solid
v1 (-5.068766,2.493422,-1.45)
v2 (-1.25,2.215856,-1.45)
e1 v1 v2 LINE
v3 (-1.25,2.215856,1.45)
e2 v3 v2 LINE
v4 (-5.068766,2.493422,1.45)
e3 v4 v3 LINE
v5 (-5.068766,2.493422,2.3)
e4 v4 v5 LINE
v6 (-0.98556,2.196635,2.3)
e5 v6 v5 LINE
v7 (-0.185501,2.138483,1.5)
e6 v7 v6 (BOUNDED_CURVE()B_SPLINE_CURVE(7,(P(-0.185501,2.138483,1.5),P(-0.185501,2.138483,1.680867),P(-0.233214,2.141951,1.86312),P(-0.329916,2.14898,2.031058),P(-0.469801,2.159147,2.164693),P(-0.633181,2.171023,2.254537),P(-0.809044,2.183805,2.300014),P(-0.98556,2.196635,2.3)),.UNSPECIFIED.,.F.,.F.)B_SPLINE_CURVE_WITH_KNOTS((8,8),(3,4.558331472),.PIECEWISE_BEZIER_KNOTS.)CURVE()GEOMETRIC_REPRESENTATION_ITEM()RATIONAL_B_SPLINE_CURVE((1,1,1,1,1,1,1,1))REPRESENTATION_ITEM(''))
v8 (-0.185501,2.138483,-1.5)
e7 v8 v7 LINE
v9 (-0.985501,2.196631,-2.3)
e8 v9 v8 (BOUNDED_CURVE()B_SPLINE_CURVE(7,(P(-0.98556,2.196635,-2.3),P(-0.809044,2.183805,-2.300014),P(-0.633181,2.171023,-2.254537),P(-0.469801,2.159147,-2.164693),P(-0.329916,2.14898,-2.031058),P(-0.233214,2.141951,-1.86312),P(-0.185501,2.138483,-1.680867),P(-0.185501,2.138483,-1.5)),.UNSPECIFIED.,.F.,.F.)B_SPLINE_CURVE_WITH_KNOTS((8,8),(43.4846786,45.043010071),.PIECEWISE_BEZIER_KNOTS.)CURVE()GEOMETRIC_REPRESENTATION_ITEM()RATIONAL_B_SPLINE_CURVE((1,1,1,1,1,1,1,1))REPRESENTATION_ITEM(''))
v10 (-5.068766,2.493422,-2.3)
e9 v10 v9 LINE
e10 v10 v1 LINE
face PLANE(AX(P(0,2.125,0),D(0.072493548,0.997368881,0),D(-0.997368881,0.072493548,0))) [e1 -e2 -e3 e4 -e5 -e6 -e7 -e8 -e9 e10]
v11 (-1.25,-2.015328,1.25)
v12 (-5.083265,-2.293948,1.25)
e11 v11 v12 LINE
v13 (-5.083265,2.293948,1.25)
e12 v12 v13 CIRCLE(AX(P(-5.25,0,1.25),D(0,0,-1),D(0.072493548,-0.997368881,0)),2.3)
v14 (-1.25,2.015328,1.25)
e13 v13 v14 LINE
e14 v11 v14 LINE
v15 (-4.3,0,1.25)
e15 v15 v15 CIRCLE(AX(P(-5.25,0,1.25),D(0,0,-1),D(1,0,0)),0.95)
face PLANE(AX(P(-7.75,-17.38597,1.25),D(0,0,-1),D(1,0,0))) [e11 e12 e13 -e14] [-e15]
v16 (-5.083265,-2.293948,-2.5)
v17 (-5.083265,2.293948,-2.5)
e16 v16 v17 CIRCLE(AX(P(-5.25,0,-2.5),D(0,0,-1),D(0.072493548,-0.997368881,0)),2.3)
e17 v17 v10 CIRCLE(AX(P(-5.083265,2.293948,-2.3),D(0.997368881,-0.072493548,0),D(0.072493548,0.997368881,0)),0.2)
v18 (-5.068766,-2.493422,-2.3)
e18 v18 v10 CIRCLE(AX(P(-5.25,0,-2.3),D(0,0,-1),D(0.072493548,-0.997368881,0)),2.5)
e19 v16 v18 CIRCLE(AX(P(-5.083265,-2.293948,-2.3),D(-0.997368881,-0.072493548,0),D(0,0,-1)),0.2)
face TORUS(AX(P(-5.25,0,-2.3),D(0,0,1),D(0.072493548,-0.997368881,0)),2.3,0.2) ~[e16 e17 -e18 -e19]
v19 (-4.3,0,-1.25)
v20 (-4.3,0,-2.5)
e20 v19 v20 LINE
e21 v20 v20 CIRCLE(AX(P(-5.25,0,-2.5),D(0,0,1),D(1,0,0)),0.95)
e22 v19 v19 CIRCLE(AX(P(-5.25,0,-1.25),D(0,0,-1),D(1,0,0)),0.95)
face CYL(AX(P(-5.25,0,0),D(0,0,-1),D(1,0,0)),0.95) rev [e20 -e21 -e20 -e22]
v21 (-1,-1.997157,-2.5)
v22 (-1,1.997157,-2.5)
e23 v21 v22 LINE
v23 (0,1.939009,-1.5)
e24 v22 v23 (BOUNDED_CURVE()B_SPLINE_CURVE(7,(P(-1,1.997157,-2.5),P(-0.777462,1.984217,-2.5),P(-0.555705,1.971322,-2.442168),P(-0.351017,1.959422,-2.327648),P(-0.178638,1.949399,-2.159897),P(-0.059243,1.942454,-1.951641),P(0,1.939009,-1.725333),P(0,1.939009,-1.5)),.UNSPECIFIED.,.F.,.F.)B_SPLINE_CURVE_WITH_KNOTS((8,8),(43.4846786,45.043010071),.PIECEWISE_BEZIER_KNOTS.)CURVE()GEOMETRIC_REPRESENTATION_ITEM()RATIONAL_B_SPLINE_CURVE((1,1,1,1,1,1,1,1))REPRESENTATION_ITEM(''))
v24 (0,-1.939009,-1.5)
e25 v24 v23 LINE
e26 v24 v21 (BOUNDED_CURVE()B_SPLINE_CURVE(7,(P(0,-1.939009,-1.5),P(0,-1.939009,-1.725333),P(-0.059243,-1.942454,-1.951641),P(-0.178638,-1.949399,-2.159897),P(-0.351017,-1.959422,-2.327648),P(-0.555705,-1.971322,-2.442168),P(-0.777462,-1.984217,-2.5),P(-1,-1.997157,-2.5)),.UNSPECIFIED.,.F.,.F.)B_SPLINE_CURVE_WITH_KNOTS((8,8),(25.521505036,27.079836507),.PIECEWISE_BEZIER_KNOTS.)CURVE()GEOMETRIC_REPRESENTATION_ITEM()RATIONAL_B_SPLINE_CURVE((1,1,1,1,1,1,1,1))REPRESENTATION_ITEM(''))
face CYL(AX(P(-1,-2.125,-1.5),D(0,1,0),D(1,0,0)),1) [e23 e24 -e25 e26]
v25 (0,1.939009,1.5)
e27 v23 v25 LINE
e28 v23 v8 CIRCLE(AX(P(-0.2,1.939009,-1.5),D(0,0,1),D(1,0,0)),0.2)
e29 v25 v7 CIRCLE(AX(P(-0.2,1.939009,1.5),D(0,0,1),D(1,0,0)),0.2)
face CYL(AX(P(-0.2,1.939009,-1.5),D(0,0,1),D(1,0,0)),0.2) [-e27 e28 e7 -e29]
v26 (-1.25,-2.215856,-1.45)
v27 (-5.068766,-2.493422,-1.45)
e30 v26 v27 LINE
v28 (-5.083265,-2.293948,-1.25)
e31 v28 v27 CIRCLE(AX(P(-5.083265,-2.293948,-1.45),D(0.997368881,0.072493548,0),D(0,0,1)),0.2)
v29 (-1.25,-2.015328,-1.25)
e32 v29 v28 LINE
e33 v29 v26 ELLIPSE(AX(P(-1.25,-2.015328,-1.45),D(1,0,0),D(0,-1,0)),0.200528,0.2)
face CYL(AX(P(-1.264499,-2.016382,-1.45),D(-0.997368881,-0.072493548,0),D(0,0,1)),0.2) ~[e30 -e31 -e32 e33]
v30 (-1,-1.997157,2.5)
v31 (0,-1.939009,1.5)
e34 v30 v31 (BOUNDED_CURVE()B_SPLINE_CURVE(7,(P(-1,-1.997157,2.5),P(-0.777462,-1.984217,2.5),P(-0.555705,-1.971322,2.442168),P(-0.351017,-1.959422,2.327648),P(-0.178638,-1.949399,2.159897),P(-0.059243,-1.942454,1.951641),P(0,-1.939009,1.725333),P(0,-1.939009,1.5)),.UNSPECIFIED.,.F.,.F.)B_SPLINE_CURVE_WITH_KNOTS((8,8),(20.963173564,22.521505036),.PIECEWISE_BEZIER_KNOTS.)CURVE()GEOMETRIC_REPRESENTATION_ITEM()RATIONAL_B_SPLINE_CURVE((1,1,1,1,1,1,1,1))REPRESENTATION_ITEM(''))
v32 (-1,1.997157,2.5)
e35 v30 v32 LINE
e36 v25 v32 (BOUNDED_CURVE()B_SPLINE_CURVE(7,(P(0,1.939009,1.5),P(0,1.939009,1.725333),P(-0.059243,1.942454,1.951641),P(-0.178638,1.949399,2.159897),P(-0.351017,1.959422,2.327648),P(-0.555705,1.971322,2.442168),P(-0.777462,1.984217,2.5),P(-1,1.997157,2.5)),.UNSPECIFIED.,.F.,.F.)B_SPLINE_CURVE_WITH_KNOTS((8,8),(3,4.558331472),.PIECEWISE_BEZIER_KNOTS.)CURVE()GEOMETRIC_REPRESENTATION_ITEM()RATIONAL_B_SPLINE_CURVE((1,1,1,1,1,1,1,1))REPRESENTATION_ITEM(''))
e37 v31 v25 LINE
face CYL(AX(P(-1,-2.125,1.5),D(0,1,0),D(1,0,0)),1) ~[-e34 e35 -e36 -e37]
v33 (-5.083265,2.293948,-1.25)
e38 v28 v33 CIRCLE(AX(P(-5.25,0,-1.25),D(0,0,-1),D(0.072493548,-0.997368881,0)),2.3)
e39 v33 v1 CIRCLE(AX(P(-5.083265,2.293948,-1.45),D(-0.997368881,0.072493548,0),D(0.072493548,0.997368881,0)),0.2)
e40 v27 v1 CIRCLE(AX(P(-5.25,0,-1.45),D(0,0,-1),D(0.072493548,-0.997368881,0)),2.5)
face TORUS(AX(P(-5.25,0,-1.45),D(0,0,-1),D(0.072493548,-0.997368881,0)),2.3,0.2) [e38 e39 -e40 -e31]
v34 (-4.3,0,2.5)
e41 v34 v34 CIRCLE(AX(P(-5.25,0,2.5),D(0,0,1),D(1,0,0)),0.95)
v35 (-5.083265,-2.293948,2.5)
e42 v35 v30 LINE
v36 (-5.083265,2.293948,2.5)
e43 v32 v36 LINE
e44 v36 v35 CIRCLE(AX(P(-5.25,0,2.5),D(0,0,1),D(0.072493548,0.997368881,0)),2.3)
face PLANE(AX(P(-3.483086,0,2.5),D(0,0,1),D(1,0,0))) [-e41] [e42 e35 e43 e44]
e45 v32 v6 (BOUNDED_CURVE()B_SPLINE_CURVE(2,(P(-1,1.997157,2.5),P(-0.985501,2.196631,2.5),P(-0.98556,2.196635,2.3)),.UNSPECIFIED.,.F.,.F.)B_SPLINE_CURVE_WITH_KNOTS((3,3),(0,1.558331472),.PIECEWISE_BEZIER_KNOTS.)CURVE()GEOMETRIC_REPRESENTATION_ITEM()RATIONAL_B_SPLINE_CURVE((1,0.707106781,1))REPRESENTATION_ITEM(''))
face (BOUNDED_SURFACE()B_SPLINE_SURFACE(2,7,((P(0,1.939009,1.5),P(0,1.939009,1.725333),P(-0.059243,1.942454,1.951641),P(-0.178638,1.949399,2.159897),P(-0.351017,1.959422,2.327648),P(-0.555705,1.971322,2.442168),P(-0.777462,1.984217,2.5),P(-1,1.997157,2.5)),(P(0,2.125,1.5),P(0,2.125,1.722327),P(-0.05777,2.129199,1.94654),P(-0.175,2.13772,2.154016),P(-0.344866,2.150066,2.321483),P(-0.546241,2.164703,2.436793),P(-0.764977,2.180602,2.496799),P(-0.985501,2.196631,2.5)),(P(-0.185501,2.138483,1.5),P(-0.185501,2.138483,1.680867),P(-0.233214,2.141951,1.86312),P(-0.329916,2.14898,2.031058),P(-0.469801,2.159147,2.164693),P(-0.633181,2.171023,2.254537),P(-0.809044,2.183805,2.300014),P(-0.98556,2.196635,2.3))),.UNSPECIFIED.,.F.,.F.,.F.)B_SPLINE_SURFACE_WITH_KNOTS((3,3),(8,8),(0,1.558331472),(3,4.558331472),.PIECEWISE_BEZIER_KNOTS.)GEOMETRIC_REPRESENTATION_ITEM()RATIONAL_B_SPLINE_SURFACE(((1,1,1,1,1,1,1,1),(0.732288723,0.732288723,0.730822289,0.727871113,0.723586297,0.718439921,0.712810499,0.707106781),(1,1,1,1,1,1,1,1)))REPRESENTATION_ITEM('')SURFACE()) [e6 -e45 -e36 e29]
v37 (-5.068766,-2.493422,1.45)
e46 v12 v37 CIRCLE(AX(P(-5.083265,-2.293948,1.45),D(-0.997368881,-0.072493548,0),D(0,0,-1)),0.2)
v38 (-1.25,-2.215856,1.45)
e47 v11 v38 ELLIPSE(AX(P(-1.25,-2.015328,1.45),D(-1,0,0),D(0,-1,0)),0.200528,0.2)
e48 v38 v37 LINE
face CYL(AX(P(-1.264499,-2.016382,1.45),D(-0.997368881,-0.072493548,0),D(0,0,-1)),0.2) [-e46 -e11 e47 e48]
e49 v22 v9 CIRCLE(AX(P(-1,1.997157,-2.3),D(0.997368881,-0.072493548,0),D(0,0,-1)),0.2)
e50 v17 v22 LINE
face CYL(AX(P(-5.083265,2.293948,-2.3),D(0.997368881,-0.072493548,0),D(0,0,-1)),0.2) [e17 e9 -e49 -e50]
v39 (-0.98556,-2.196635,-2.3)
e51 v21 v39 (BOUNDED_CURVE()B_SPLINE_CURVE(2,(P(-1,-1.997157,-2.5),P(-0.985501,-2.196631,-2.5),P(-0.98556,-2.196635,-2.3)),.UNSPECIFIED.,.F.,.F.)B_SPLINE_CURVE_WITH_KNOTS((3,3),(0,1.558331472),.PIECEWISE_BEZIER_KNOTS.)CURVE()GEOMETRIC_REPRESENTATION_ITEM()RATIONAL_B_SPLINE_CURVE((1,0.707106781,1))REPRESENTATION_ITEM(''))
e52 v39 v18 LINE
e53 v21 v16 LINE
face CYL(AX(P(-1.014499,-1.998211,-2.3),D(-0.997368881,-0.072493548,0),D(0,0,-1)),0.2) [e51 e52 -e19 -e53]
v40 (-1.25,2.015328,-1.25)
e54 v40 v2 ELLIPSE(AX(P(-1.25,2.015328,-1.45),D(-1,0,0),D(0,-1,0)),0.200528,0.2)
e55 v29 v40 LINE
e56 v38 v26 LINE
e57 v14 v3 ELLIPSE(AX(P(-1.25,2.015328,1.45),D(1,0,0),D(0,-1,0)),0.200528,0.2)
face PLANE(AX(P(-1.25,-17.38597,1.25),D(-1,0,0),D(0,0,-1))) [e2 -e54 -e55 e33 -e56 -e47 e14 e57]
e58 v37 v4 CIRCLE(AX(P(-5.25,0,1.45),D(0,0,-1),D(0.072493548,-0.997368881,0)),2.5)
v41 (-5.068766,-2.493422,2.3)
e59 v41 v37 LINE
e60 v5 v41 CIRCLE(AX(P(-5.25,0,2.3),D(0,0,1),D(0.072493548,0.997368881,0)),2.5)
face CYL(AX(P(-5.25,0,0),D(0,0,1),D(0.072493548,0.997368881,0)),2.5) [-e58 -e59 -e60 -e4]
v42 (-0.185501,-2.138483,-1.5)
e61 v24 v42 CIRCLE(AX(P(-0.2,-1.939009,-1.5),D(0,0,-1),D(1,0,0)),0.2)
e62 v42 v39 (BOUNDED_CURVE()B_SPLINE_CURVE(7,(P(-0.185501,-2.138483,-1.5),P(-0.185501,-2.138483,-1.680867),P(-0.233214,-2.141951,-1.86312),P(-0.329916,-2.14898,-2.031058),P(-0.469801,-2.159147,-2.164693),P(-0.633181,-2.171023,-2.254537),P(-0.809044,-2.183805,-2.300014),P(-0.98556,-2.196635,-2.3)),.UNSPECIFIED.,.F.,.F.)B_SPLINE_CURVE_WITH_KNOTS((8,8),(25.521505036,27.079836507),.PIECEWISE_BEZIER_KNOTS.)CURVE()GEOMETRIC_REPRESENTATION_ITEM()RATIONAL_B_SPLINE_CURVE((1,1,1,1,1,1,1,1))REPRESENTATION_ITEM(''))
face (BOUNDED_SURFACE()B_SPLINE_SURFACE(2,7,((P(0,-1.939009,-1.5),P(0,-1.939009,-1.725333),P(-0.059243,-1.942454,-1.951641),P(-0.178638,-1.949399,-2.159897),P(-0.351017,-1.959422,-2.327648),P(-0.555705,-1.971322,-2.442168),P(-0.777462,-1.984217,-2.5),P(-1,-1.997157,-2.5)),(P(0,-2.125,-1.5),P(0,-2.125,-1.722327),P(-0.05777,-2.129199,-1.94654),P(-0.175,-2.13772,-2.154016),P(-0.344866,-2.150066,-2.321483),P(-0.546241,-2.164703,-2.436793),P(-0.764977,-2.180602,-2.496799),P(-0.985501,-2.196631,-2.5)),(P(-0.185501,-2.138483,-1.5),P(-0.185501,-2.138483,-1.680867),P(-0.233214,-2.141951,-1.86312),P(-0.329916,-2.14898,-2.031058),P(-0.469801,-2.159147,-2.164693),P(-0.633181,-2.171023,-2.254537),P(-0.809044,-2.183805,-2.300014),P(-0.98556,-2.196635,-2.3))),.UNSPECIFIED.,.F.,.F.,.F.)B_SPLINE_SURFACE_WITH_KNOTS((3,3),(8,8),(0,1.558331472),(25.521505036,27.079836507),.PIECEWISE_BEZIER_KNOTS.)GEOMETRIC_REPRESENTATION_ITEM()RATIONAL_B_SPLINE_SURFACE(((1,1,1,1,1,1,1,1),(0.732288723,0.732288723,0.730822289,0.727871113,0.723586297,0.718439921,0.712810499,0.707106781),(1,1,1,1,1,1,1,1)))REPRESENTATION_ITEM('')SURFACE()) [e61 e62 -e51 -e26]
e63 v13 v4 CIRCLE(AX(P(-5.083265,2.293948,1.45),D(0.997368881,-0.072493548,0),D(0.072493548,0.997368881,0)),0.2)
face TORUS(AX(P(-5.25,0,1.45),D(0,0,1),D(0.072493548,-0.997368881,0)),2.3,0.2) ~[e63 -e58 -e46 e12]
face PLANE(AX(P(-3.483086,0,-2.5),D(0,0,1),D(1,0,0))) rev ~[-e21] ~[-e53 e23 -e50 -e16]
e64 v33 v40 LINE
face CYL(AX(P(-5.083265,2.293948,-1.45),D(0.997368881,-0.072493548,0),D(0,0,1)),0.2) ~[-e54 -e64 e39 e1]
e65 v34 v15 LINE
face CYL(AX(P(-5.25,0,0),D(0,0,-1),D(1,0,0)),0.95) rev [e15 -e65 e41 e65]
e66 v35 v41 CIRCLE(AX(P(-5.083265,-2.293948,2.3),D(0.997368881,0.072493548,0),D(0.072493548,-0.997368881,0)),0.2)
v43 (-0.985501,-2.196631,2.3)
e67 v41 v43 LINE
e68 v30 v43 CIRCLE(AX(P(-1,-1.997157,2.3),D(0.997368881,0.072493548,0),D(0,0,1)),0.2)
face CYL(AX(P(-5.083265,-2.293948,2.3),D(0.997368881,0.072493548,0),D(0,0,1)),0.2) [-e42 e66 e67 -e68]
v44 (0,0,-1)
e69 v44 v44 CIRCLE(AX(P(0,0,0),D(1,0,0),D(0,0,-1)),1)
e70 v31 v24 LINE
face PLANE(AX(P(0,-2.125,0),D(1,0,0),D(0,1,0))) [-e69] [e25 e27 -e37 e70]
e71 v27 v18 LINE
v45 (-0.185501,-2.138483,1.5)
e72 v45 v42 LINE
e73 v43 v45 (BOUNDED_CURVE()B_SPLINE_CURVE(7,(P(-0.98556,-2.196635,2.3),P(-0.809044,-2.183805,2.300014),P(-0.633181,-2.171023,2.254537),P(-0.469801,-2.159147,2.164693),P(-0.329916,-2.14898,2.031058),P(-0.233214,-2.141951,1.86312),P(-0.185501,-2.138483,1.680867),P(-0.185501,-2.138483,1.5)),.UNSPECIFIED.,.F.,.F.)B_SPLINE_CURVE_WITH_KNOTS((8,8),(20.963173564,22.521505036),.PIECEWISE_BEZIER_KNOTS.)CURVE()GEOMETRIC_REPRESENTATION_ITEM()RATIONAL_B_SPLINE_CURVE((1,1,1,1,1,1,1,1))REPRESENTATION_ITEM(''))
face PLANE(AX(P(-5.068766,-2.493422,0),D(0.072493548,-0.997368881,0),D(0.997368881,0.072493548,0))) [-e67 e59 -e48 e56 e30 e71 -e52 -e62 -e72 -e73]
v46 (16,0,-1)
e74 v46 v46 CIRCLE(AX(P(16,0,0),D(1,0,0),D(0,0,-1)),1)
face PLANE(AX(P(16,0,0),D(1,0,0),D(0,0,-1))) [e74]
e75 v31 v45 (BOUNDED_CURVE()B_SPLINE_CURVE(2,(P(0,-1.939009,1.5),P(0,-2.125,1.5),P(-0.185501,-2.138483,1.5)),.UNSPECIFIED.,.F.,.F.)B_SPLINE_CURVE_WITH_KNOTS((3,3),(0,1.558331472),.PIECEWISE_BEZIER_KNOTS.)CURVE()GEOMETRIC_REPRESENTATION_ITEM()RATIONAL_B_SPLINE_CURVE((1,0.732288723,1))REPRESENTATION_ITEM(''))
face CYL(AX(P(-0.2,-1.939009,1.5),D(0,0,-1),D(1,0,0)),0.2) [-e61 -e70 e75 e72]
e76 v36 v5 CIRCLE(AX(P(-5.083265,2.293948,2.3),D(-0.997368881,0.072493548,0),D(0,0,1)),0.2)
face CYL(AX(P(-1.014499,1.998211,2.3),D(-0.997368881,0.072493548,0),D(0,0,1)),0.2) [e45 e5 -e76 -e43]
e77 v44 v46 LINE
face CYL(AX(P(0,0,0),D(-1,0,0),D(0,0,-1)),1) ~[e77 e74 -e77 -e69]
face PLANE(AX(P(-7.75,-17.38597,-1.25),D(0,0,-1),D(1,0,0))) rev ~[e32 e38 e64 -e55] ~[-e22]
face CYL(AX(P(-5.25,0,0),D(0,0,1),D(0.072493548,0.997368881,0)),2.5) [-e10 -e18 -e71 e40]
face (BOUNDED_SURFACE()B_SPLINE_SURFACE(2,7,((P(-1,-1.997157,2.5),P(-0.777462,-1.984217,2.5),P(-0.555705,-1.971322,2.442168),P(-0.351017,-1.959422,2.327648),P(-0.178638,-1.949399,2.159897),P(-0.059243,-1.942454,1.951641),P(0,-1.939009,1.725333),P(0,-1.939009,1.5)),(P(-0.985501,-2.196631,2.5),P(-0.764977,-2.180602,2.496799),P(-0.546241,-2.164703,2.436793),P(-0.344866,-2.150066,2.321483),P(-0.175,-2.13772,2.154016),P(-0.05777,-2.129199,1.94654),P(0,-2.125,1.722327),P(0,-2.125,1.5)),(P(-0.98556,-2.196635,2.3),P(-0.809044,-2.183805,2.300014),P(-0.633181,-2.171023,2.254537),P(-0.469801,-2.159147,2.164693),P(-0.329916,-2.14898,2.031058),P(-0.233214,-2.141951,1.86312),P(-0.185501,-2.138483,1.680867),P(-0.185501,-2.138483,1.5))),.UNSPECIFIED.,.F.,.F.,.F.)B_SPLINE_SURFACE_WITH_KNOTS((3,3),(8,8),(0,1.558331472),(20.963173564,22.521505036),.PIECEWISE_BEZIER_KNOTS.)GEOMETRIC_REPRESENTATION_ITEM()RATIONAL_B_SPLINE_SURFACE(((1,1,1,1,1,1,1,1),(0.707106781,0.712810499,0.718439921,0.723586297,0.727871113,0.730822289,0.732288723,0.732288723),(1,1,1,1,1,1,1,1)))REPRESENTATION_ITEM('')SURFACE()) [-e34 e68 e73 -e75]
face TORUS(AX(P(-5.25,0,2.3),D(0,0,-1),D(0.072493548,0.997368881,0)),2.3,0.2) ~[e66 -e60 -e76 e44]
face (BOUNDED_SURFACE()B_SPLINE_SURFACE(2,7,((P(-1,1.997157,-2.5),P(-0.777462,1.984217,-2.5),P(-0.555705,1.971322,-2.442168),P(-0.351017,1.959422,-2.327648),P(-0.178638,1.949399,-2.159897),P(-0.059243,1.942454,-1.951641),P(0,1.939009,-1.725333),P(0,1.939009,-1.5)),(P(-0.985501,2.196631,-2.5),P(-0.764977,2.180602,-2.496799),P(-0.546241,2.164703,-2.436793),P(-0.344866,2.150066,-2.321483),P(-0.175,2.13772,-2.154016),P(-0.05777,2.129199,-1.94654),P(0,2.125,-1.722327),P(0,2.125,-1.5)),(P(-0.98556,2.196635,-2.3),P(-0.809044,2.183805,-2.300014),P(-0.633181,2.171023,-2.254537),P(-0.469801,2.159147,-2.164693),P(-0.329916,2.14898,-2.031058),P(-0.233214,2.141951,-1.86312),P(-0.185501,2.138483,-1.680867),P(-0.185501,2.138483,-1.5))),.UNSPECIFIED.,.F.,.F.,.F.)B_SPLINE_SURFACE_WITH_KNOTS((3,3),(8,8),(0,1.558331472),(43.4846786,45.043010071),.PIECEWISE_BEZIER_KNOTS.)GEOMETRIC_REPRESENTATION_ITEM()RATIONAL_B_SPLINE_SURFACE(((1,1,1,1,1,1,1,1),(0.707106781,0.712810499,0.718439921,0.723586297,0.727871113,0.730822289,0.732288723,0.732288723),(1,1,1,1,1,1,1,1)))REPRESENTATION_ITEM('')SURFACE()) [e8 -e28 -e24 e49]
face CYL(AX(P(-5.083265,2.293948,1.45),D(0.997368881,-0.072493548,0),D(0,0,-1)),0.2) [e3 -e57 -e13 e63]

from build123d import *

# Parameters (mm, degrees)
SKETCH2_R               = 1
BOSS_EXTRUDE1_DEPTH     = 16
SKETCH3_R               = 0.95
BOSS_EXTRUDE2_DEPTH     = 2.5
CUT_EXTRUDE1_DEPTH      = 17.385969608
CUT_EXTRUDE1_DEPTH_BACK = 17.385969608
SKETCH4_W               = 6.5
SKETCH4_H               = 2.5
FILLET1_R               = 1
FILLET2_R               = 0.2
FILLET3_R               = 0.2
FILLET4_R               = 0.2


with BuildPart() as part:
    # Sketch2 → Boss-Extrude1 (new body)
    with BuildSketch(Plane(origin=(0, 0, 0), x_dir=(0, 0, -1), z_dir=(1, 0, 0))):
        Circle(SKETCH2_R)
    extrude(amount=BOSS_EXTRUDE1_DEPTH)

    # Sketch3 → Boss-Extrude2 (add, symmetric)
    with BuildSketch(Plane.XY):
        with BuildLine():
            Line((0, -2.125), (0, 2.125))
            Line((0, 2.125), (-5.06876613, 2.493422203))
            ThreePointArc((-5.06876613, 2.493422203), (-7.75, 0), (-5.06876613, -2.493422203))
            Line((-5.06876613, -2.493422203), (0, -2.125))
        make_face()
        with Locations((-5.25, 0)):
            Circle(SKETCH3_R, mode=Mode.SUBTRACT)
    extrude(amount=BOSS_EXTRUDE2_DEPTH, both=True)

    # Sketch4 → Cut-Extrude1 (cut, two sides: drawn at the far end of the back side and taken through both)
    with BuildSketch(Plane(origin=(0, 0, 0), x_dir=(1, 0, 0), z_dir=(0, 1, 0)).offset(-CUT_EXTRUDE1_DEPTH_BACK)):
        with Locations((-4.5, 0)):
            Rectangle(SKETCH4_W, SKETCH4_H)
    extrude(amount=CUT_EXTRUDE1_DEPTH + CUT_EXTRUDE1_DEPTH_BACK, mode=Mode.SUBTRACT)

    # Fillet1
    fillet1_edges = [part.edges().sort_by_distance(p)[0] for p in [
        (0, 0, 2.5),
        (0, 0, -2.5),
    ]]
    fillet(fillet1_edges, radius=FILLET1_R)

    # Fillet2
    fillet2_edges = [part.edges().sort_by_distance(p)[0] for p in [
        (0, 2.125, 0),
        (0, -2.125, 0),
        (-3.034383065, 2.345553497, 2.5),
        (-3.034383065, 2.345553497, -2.5),
        (-0.293359104, 2.146322745, 2.20757236),
        (-0.293359104, 2.146322745, -2.20757236),
        (-0.293359104, -2.146322745, 2.20757236),
        (-0.293359104, -2.146322745, -2.20757236),
        (-3.034383065, -2.345553497, 2.5),
        (-7.75, 0, 2.5),
        (-3.034383065, -2.345553497, -2.5),
        (-7.75, 0, -2.5),
    ]]
    fillet(fillet2_edges, radius=FILLET2_R)

    # Fillet3
    fillet3_edges = [part.edges().sort_by_distance(p)[0] for p in [
        (-7.75, 0, -1.25),
        (-3.159383065, 2.354639096, -1.25),
        (-3.159383065, -2.354639096, -1.25),
    ]]
    fillet(fillet3_edges, radius=FILLET3_R)

    # Fillet4
    fillet4_edges = [part.edges().sort_by_distance(p)[0] for p in [
        (-7.75, 0, 1.25),
        (-3.159383065, -2.354639096, 1.25),
        (-3.159383065, 2.354639096, 1.25),
    ]]
    fillet(fillet4_edges, radius=FILLET4_R)


solid = part.part
